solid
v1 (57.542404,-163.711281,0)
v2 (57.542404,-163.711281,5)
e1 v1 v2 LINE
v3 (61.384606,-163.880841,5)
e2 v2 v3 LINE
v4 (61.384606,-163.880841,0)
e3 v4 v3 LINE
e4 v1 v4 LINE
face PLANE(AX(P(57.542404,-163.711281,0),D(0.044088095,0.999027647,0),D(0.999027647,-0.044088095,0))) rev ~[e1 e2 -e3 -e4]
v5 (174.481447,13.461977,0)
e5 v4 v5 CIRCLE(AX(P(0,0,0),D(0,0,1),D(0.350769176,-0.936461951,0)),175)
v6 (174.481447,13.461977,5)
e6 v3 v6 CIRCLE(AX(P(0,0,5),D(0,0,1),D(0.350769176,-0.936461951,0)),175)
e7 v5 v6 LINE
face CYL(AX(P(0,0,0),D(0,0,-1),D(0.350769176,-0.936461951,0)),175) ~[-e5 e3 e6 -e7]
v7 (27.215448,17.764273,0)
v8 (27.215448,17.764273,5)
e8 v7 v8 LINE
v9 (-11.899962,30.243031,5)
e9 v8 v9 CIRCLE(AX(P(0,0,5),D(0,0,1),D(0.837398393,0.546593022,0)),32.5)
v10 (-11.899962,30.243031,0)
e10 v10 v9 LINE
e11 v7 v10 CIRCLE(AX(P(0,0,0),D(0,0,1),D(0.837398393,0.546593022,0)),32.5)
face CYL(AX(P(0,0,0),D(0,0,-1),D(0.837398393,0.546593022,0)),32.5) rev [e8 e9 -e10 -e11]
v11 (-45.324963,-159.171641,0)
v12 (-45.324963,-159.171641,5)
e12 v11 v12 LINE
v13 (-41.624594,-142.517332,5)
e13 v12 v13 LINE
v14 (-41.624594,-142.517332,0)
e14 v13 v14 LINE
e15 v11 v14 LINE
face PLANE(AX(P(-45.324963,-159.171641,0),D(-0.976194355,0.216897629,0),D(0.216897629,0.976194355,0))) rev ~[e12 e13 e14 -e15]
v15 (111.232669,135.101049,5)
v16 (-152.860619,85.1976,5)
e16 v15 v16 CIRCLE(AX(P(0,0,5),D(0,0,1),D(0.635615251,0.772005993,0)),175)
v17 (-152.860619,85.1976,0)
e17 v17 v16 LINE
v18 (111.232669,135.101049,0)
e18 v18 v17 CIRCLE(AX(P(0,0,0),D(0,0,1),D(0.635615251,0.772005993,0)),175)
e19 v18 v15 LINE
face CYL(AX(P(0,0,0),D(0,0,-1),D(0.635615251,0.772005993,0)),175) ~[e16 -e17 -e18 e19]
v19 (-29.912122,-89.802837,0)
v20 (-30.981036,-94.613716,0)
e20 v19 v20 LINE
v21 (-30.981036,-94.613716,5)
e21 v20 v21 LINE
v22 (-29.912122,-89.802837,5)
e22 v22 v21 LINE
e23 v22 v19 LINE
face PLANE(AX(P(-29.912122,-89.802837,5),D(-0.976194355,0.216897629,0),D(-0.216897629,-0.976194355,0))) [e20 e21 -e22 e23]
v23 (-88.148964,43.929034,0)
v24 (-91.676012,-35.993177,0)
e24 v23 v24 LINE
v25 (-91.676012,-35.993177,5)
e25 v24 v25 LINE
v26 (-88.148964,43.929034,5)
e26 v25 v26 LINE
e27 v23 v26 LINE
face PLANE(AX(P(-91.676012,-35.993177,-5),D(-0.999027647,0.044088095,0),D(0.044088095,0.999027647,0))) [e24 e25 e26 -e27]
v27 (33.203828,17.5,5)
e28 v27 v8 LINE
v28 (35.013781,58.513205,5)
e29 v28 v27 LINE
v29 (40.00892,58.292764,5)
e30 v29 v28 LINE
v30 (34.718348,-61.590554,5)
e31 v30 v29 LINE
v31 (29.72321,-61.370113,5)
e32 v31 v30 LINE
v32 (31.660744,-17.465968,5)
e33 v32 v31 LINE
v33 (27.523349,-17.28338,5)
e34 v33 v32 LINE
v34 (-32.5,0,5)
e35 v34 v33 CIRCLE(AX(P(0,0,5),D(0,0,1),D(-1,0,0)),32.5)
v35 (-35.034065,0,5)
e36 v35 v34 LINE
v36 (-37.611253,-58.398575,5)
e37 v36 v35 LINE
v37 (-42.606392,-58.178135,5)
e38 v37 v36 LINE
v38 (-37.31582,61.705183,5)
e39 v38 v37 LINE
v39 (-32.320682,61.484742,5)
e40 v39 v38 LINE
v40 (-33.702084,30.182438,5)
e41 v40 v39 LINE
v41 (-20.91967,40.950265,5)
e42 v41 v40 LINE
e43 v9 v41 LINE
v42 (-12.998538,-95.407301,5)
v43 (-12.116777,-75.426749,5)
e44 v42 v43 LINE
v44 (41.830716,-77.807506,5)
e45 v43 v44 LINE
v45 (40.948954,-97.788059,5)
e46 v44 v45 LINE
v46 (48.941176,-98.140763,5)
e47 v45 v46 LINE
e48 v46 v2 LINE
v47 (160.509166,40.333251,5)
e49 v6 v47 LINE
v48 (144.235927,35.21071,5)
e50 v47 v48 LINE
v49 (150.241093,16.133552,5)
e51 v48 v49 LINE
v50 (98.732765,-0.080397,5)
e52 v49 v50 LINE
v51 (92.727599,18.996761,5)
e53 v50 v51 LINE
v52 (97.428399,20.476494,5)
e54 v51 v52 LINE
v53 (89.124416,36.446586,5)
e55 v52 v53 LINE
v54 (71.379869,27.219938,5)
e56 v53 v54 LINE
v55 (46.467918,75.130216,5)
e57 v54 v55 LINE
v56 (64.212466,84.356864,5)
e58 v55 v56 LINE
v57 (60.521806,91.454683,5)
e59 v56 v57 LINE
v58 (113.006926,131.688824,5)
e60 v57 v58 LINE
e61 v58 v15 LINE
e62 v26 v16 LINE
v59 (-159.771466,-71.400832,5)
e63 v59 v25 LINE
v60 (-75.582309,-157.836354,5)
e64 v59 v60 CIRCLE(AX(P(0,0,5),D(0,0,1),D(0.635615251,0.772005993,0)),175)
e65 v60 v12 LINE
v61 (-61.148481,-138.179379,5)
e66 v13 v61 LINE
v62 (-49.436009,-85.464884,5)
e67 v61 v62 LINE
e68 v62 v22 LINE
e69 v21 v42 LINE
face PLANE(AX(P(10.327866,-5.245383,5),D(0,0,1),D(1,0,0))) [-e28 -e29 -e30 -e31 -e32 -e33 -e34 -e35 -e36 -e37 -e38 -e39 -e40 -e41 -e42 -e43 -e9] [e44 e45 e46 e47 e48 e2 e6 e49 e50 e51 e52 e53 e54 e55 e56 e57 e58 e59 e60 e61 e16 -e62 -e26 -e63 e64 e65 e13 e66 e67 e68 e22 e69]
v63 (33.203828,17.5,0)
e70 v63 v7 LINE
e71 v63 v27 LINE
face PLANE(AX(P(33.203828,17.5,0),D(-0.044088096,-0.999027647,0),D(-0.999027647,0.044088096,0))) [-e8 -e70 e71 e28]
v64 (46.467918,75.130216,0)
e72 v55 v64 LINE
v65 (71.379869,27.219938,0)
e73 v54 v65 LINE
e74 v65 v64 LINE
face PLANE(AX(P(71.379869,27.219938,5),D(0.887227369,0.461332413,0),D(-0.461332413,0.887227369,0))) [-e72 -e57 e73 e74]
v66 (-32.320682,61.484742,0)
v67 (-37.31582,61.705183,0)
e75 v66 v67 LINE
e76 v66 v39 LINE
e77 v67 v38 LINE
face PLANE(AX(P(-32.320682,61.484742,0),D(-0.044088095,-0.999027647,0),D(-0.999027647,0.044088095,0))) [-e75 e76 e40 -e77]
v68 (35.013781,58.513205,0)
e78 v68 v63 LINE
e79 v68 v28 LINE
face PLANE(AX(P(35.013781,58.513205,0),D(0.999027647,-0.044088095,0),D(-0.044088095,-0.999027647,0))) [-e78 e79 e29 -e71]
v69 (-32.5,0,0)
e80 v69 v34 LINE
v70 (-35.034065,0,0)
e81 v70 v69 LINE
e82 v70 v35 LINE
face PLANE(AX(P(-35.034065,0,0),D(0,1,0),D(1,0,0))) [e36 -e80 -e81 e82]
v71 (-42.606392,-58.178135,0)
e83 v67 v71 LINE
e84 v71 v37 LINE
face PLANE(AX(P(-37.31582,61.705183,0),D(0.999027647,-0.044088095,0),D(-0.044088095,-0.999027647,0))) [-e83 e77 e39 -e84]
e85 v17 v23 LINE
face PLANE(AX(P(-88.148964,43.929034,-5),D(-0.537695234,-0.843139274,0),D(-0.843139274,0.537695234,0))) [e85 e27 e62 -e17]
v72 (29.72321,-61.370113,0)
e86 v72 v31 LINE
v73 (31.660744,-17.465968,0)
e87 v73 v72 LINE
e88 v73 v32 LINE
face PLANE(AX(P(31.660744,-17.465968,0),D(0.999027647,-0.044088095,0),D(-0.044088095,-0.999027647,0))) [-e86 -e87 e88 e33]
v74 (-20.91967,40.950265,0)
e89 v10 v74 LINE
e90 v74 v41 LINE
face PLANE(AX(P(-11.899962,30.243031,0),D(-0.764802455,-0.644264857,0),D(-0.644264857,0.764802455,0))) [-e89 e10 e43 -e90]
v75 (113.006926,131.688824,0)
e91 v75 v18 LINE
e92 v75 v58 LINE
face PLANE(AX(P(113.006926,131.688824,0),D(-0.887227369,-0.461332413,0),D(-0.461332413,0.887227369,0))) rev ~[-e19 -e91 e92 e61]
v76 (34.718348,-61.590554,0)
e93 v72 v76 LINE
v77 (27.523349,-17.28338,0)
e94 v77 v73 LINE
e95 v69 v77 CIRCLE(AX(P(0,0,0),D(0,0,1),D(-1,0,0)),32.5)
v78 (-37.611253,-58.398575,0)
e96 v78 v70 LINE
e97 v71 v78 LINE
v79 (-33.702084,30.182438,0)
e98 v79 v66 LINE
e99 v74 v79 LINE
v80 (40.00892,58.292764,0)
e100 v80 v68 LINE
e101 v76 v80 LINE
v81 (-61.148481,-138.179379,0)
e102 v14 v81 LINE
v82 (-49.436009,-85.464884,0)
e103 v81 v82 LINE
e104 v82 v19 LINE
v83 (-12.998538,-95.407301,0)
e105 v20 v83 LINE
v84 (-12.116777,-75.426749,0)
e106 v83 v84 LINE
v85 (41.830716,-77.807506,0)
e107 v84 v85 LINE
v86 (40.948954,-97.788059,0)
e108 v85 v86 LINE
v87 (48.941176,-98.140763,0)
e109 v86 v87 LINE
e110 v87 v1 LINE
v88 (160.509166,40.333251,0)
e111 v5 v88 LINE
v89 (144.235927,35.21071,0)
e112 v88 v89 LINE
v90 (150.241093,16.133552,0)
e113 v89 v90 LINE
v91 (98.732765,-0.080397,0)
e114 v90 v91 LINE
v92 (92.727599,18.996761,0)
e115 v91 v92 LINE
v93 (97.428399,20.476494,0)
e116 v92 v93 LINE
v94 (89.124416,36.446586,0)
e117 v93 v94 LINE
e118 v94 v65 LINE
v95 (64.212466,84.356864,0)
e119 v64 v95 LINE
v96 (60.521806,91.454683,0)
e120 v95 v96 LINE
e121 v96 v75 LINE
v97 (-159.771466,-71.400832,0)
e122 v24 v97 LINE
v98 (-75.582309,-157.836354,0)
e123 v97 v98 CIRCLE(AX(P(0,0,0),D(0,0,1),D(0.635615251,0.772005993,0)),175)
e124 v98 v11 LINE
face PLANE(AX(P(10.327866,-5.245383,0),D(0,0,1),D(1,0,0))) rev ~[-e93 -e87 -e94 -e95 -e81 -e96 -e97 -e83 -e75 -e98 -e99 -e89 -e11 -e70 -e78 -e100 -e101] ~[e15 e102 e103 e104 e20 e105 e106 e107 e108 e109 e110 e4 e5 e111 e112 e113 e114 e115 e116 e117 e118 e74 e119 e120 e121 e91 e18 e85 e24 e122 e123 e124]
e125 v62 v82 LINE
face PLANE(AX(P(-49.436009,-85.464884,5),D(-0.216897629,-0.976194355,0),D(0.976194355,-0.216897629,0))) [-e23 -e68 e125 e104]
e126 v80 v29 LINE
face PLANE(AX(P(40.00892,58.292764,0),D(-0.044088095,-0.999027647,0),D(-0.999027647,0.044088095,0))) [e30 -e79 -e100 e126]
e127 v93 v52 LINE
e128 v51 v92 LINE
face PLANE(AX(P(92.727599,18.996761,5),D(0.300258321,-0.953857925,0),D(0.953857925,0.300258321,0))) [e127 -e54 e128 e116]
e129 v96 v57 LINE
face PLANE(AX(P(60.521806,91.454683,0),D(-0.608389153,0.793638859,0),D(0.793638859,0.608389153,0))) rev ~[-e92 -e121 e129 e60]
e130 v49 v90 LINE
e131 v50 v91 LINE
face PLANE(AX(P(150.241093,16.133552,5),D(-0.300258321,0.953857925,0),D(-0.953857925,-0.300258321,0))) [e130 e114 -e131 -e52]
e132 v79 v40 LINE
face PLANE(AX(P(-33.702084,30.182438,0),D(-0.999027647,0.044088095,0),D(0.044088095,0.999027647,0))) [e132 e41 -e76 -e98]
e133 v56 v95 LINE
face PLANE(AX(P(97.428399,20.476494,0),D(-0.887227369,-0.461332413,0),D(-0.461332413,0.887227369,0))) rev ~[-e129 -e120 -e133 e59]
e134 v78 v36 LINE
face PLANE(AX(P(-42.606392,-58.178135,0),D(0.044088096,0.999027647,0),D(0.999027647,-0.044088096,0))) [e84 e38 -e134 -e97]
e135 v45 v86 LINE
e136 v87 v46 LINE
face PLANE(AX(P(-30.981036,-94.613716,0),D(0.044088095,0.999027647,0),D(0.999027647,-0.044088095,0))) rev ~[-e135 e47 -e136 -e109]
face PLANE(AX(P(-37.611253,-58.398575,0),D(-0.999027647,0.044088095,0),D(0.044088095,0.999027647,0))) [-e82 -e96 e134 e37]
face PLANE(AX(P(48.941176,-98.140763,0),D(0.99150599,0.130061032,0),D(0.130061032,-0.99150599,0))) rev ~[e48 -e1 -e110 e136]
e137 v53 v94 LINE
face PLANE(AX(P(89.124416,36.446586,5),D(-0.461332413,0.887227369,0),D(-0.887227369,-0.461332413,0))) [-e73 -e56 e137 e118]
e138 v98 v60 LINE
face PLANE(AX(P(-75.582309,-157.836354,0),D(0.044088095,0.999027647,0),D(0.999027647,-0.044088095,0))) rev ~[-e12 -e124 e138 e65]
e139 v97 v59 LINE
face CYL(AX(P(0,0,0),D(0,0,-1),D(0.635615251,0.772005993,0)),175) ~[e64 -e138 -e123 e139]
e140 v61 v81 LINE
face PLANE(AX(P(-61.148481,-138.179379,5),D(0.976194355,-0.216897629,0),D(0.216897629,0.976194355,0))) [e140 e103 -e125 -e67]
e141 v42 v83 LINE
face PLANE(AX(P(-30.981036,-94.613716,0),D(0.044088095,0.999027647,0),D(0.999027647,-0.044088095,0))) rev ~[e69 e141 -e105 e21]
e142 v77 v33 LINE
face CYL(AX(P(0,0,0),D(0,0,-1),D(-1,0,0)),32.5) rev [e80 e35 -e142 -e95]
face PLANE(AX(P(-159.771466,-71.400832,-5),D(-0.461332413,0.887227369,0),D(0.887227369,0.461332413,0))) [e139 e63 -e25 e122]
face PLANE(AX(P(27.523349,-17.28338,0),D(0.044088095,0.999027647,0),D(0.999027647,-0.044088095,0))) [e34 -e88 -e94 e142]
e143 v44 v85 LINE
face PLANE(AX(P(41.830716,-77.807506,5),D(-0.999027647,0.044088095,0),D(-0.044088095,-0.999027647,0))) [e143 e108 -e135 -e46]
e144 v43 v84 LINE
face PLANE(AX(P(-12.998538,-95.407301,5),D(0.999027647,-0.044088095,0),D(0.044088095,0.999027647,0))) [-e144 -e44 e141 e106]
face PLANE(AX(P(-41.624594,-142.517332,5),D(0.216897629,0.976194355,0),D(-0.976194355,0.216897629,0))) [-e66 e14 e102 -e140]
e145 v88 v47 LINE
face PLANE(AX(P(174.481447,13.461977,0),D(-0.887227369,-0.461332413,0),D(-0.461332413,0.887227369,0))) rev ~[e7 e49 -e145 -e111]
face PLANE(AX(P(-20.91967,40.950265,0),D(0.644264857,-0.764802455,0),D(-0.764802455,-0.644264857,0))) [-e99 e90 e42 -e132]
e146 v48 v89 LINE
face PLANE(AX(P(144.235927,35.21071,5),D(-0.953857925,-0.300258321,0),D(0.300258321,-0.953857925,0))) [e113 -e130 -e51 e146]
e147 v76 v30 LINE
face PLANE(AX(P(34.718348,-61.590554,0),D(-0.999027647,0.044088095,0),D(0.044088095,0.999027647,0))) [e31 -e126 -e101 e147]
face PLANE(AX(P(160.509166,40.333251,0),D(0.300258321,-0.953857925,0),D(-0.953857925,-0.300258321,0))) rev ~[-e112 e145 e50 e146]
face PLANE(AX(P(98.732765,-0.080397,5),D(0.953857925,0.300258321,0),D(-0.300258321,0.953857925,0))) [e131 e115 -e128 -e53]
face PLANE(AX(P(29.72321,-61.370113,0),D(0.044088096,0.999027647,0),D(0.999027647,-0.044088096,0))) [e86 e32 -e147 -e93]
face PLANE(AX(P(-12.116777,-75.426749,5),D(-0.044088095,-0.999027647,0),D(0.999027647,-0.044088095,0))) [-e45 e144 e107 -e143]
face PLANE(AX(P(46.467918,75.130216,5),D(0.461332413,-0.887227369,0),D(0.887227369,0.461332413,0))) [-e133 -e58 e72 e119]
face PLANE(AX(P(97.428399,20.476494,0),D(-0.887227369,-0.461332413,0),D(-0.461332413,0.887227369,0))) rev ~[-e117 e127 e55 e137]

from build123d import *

# Parameters (mm, degrees)
ESQUISSE1_R             = 4.7
BOSS_EXTRU_1_DEPTH      = 5
ENL_V_START             = -10
ENL_V_MAT_EXTRU_1_DEPTH = 10
ENL_V_MAT_EXTRU_2_DEPTH = 10


with BuildPart() as part:
    # Esquisse1 → Boss.-Extru.1 (new body)
    with BuildSketch(Plane.XY):
        with BuildLine():
            Line((174.481446525, 13.461976776), (160.509166102, 40.333250621))
            Line((160.509166102, 40.333250621), (97.428399446, 20.476493551))
            Line((97.428399446, 20.476493551), (60.521806411, 91.454683092))
            Line((60.521806411, 91.454683092), (113.006926452, 131.688824037))
            Line((113.006926452, 131.688824037), (111.232668913, 135.101048724))
            ThreePointArc((111.232668913, 135.101048724), (-147.549372919, 94.096665994), (-75.582309389, -157.836353567))
            Line((-75.582309389, -157.836353567), (-45.324963396, -159.171640695))
            Line((-45.324963396, -159.171640695), (-30.981036128, -94.613715745))
            Line((-30.981036128, -94.613715745), (48.941175647, -98.140763381))
            Line((48.941175647, -98.140763381), (57.542403784, -163.71128113))
            Line((57.542403784, -163.71128113), (61.384605816, -163.880841372))
            ThreePointArc((61.384605816, -163.880841372), (147.549372919, -94.096665994), (174.481446525, 13.461976776))
        make_face()
        with Locations((121.484345953, 17.565156526)):
            Circle(ESQUISSE1_R, mode=Mode.SUBTRACT)
        with Locations((67.796167173, 55.788401035)):
            Circle(ESQUISSE1_R, mode=Mode.SUBTRACT)
        with Locations((14.416088947, -86.607403569)):
            Circle(ESQUISSE1_R, mode=Mode.SUBTRACT)
        with Locations((-45.530301203, -113.99110802)):
            Circle(ESQUISSE1_R, mode=Mode.SUBTRACT)
        with BuildLine():
            Line((-11.899961997, 30.243030676), (-20.91966999, 40.95026504))
            Line((-20.91966999, 40.95026504), (-33.702084088, 30.182438475))
            Line((-33.702084088, 30.182438475), (-32.320681925, 61.484742172))
            Line((-32.320681925, 61.484742172), (-37.315820161, 61.705182649))
            Line((-37.315820161, 61.705182649), (-42.606391614, -58.178135013))
            Line((-42.606391614, -58.178135013), (-37.611253378, -58.398575491))
            Line((-37.611253378, -58.398575491), (-35.034065472, 0))
            Line((-35.034065472, 0), (-32.5, 0))
            ThreePointArc((-32.5, 0), (-8.99280662, -31.231065129), (27.523349483, -17.283380261))
            Line((27.523349483, -17.283380261), (31.660744165, -17.465967651))
            Line((31.660744165, -17.465967651), (29.723210042, -61.370113123))
            Line((29.723210042, -61.370113123), (34.718348278, -61.590553601))
            Line((34.718348278, -61.590553601), (40.008919731, 58.292764062))
            Line((40.008919731, 58.292764062), (35.013781495, 58.513204539))
            Line((35.013781495, 58.513204539), (33.203827505, 17.5))
            Line((33.203827505, 17.5), (27.21544776, 17.764273225))
            ThreePointArc((27.21544776, 17.764273225), (9.877796967, 30.962543937), (-11.899961997, 30.243030676))
        make_face(mode=Mode.SUBTRACT)
    extrude(amount=BOSS_EXTRU_1_DEPTH)

    # Esquisse2 → Enlèv. mat.-Extru.1 (cut)
    with BuildSketch(Plane.XY.offset(5).offset(ENL_V_START)):
        with BuildLine():
            Line((-88.148964429, 43.929034477), (-152.860619324, 85.197600084))
            ThreePointArc((-152.860619324, 85.197600084), (-174.829838257, 7.715416702), (-159.771465705, -71.400831554))
            Line((-159.771465705, -71.400831554), (-91.676012064, -35.993177298))
            Line((-91.676012064, -35.993177298), (-88.148964429, 43.929034477))
        make_face()
    extrude(amount=ENL_V_MAT_EXTRU_1_DEPTH, mode=Mode.SUBTRACT)

    # Esquisse3 → Enlèv. mat.-Extru.2 (cut)
    with BuildSketch(Plane.XY.offset(5)):
        Polygon((40.948954466, -97.788058617), (-12.998538482, -95.407301464), (-12.116776573, -75.42674852), (41.830716375, -77.807505674), align=None)
        Polygon((-49.436008781, -85.46488415), (-29.912121681, -89.802836721), (-41.624593625, -142.517331891), (-61.148480724, -138.179379319), align=None)
        Polygon((64.212465714, 84.356864138), (89.124416013, 36.446586197), (71.379868627, 27.219937939), (46.467918329, 75.130215879), align=None)
        Polygon((98.732765194, -0.080397389), (92.727598771, 18.996761106), (144.235926707, 35.210710447), (150.24109313, 16.133551952), align=None)
    extrude(amount=-ENL_V_MAT_EXTRU_2_DEPTH, mode=Mode.SUBTRACT)


solid = part.part
